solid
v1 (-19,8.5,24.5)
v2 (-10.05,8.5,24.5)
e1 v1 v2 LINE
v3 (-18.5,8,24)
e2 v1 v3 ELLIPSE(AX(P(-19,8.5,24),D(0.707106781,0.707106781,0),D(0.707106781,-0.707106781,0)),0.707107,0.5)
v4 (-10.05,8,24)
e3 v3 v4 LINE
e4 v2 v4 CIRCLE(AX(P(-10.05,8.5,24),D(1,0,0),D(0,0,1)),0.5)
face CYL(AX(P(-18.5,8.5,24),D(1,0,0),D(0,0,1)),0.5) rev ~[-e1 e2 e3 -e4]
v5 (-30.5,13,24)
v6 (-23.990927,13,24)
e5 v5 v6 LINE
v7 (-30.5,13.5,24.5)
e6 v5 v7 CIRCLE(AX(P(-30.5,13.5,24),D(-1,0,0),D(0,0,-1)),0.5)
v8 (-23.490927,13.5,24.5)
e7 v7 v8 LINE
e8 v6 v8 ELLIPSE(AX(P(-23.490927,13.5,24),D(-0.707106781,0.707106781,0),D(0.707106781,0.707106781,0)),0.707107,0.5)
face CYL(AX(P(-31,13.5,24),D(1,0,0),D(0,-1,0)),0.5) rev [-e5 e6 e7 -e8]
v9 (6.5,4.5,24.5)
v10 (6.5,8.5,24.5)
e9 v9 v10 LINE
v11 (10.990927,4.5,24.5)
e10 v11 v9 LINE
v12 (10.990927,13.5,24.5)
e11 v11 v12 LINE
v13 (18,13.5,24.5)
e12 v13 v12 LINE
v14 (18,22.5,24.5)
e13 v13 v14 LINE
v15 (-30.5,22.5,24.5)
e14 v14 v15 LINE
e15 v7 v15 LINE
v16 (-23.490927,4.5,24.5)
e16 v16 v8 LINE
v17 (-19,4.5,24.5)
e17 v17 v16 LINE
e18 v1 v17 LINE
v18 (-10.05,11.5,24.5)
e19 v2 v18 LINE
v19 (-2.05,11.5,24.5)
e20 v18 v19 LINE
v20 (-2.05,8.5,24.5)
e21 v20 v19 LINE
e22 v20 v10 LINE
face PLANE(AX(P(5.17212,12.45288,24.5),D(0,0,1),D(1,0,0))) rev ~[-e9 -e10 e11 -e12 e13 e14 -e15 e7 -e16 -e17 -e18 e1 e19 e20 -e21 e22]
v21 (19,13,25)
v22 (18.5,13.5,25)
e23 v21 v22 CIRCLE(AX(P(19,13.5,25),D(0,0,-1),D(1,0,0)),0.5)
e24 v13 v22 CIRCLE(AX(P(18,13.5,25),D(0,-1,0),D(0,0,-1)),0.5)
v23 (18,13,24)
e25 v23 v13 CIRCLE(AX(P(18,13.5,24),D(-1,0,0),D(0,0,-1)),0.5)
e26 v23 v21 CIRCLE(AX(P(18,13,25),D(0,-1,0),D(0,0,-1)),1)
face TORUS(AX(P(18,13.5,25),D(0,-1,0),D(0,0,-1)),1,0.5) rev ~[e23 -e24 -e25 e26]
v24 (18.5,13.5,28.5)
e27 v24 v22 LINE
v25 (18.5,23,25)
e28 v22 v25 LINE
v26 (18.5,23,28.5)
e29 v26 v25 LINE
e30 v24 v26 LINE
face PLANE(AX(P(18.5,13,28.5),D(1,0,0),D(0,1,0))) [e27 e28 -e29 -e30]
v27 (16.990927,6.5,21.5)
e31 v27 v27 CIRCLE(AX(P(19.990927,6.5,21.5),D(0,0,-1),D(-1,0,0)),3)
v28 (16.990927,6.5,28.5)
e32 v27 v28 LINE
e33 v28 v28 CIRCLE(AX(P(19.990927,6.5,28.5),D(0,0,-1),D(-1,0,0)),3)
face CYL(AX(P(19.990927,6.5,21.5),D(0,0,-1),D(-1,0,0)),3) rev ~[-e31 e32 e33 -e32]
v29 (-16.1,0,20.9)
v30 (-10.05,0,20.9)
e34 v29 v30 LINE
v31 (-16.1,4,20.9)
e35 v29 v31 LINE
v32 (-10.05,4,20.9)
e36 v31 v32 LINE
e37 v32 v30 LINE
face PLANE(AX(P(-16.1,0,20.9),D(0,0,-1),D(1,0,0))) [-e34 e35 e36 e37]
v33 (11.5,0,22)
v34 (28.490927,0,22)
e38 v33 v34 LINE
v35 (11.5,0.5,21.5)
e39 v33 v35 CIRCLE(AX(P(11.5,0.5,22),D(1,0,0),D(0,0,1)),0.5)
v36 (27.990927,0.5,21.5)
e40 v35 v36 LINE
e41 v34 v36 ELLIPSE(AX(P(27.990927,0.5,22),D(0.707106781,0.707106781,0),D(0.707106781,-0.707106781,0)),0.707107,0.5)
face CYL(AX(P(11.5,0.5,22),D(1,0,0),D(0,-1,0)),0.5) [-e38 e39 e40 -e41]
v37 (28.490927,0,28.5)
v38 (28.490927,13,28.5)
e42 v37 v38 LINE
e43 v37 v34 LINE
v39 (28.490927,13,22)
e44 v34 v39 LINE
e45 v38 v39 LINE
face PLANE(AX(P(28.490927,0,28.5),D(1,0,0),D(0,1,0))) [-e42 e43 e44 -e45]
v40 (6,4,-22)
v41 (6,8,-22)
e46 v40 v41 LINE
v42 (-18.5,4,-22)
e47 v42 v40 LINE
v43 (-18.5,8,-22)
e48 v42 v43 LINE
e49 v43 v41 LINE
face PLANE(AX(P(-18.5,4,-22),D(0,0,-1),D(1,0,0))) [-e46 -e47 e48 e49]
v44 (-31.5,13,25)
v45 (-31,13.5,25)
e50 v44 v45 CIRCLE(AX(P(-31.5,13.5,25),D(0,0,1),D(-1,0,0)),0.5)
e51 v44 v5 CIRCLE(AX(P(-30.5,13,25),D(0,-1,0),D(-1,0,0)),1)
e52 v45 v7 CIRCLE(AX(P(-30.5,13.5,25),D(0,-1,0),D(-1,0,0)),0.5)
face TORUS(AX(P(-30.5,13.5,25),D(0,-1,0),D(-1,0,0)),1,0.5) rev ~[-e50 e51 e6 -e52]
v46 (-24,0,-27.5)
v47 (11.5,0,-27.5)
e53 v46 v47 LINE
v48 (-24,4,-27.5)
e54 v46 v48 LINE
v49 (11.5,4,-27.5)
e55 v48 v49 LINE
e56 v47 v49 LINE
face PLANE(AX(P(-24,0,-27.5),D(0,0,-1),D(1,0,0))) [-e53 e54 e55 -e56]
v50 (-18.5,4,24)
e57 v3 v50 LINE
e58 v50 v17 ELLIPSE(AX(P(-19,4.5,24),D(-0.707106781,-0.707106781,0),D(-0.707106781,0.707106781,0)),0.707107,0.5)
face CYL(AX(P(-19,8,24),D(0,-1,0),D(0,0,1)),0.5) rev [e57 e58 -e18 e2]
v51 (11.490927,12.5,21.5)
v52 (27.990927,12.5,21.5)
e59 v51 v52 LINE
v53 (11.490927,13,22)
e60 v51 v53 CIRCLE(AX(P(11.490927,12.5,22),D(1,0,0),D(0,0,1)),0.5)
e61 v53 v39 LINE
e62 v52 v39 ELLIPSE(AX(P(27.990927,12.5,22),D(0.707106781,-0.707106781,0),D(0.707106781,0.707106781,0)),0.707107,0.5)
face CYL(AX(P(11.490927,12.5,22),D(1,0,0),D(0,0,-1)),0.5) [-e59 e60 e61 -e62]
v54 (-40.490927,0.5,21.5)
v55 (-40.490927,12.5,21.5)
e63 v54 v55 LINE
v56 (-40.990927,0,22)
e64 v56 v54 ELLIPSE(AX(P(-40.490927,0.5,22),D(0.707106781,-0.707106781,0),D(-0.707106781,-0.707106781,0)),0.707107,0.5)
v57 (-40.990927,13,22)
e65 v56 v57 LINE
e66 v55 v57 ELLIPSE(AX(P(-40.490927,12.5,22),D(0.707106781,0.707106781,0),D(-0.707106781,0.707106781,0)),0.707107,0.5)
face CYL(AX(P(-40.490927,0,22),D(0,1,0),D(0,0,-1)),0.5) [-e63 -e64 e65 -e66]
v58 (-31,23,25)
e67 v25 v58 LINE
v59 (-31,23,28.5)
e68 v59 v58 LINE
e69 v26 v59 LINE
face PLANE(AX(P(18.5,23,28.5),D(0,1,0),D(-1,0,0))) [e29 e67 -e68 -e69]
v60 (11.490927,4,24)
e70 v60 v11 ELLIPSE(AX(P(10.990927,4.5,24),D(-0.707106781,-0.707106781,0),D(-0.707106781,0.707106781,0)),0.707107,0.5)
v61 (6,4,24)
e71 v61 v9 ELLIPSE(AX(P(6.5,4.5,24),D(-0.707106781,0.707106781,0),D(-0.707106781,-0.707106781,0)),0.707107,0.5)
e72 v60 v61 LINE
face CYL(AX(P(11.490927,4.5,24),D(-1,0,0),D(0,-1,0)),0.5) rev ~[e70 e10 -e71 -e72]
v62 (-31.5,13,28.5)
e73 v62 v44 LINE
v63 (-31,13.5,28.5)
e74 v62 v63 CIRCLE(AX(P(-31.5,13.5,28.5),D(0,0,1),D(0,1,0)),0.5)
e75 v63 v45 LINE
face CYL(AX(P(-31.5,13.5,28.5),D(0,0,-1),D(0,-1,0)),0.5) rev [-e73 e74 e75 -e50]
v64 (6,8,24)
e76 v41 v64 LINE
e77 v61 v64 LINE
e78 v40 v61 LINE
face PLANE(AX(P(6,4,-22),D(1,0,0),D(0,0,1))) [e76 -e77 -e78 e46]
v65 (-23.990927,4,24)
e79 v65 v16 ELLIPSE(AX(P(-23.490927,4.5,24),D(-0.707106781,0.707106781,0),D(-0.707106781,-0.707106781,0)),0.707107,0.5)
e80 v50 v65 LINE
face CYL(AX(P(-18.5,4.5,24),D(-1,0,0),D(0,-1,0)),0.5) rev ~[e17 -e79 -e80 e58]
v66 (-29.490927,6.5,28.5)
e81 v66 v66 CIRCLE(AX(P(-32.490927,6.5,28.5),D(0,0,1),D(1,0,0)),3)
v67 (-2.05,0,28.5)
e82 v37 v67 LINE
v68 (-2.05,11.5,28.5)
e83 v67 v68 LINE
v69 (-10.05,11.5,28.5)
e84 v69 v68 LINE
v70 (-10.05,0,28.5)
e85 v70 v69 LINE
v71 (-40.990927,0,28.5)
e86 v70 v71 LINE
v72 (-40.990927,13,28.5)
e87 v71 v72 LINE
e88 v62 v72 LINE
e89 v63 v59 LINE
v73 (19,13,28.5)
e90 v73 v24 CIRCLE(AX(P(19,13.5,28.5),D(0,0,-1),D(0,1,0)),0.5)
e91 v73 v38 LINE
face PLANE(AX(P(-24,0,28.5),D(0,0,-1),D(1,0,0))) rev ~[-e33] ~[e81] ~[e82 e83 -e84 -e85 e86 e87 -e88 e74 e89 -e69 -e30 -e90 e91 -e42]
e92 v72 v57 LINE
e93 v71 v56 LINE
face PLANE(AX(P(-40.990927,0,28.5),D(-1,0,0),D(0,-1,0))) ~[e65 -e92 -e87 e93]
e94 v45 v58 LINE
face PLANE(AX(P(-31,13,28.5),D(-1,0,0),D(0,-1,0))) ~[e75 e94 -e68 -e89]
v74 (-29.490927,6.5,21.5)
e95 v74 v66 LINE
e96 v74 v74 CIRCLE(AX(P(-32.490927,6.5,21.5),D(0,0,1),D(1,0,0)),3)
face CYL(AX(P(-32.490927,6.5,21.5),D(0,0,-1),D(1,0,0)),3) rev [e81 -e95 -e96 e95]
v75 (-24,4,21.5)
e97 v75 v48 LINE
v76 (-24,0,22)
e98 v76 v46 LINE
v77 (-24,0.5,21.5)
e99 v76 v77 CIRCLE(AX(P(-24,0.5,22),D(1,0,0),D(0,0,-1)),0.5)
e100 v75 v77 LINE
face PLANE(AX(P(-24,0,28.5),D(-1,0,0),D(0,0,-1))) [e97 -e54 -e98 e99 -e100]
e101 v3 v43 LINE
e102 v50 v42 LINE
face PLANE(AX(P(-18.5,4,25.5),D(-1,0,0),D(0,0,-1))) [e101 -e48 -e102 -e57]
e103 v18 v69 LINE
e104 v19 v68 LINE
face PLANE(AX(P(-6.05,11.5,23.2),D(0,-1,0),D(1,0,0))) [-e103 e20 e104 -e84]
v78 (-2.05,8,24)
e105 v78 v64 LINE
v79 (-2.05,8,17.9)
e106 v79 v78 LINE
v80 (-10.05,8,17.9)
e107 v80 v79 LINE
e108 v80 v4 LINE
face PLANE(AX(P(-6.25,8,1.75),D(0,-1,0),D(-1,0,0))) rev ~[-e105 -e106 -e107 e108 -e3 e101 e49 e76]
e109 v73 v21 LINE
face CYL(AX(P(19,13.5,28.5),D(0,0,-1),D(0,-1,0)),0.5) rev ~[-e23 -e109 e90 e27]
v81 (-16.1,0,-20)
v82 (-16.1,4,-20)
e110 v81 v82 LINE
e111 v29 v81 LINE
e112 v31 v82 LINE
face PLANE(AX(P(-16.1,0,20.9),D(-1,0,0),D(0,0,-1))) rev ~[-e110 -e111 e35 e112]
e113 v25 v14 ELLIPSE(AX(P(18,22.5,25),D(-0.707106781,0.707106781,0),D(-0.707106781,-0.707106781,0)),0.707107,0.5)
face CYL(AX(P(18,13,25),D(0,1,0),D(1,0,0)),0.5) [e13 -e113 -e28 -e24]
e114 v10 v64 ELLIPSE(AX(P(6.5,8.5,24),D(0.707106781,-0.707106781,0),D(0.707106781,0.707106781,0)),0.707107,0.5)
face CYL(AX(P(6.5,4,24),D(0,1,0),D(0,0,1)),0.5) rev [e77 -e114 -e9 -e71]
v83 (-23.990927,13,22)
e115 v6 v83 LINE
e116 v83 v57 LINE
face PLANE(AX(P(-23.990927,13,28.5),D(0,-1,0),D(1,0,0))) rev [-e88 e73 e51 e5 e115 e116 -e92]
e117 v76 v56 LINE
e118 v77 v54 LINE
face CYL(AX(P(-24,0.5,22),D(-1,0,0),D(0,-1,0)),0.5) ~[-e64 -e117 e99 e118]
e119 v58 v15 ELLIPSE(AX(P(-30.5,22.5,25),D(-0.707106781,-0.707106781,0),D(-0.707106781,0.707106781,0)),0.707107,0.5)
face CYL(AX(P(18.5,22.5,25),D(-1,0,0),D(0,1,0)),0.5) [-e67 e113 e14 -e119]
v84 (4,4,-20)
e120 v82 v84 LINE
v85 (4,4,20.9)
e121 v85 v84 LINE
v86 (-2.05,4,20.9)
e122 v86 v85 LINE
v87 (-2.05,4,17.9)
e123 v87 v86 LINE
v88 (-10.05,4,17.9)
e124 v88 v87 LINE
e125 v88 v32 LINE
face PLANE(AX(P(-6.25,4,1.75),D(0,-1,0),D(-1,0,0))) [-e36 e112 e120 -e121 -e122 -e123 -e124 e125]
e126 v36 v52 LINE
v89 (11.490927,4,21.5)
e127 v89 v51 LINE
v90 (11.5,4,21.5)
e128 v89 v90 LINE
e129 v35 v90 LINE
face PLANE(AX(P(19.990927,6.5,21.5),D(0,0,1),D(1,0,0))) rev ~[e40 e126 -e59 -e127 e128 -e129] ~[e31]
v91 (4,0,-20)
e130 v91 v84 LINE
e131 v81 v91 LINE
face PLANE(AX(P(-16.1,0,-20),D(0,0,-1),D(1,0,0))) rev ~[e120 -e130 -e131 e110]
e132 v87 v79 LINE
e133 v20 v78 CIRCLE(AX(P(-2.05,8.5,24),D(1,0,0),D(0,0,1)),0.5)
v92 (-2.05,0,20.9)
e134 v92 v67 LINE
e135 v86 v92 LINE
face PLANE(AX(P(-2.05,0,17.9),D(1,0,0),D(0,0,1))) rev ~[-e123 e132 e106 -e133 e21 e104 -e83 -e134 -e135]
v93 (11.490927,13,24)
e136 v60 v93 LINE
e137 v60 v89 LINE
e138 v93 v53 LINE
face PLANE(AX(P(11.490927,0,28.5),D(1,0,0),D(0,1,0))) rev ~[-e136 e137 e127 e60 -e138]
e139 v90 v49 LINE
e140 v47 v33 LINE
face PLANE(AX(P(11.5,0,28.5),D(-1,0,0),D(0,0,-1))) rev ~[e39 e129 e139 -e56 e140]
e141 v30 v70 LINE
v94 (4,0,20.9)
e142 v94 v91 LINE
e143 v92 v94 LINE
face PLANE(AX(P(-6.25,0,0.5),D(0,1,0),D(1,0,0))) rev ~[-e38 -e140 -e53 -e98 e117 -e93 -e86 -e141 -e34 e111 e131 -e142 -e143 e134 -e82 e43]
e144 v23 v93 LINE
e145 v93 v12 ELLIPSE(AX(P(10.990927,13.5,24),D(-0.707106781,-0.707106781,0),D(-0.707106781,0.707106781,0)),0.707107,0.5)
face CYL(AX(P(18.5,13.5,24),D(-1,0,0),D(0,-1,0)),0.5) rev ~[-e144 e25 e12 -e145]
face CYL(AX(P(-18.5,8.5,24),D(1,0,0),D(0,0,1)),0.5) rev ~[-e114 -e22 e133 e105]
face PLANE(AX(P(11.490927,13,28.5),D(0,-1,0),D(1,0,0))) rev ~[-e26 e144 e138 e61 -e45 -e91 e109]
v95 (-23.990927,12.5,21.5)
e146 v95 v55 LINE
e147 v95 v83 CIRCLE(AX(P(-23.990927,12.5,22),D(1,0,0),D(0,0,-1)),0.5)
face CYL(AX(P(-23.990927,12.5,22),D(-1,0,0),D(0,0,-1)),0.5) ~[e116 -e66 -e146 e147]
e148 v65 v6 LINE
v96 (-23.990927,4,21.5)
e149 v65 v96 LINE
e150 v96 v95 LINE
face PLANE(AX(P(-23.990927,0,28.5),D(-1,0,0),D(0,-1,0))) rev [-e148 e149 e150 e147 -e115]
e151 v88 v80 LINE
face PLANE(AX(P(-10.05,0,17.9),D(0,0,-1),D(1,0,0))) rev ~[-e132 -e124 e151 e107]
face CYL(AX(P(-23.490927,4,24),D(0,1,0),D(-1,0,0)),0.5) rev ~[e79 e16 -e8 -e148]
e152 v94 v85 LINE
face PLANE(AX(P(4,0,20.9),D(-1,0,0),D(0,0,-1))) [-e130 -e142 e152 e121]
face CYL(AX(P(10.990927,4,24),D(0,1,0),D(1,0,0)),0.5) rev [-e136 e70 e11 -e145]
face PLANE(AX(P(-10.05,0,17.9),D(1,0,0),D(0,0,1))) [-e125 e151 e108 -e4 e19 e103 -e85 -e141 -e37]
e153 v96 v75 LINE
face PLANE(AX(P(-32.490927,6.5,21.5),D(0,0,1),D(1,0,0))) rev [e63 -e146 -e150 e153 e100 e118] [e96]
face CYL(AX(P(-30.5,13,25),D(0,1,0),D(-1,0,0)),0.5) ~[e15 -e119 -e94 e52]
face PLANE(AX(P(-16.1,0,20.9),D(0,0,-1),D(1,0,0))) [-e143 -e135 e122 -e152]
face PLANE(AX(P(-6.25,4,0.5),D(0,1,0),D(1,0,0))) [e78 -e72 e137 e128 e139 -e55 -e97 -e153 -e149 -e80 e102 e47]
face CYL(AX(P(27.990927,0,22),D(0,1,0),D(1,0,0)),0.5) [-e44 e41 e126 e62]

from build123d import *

# Parameters (mm, degrees)
ESQUISSE1_W             = 35.5
ESQUISSE1_H             = 56
ESQUISSE1_W_2           = 20.1
ESQUISSE1_H_2           = 40.9
BOSS_EXTRU_1_DEPTH      = 4
BOSS_EXTRU_2_DEPTH      = 4
BOSS_EXTRU_5_DEPTH      = 4
ESQUISSE10_W            = 17
ESQUISSE10_H            = 13
BOSS_EXTRU_6_DEPTH      = 7
ESQUISSE11_R            = 3
ENL_V_MAT_EXTRU_1_DEPTH = 7
CONG_1_R                = 0.5
ESQUISSE12_W            = 8
ESQUISSE12_H            = 10.6
ENL_V_MAT_EXTRU_2_DEPTH = 11.5


with BuildPart() as part:
    # Esquisse1 → Boss.-Extru.1 (new body)
    with BuildSketch(Plane(origin=(0, 0, 0), x_dir=(1, 0, 0), z_dir=(0, 1, 0))):
        with Locations((-6.25, -0.5)):
            Rectangle(ESQUISSE1_W, ESQUISSE1_H)
        with Locations((-6.05, -0.45)):
            Rectangle(ESQUISSE1_W_2, ESQUISSE1_H_2, mode=Mode.SUBTRACT)
    extrude(amount=BOSS_EXTRU_1_DEPTH)

    # Esquisse5 → Boss.-Extru.2 (add)
    with BuildSketch(Plane.XY.offset(28.5)):
        Polygon((-6.25, 8), (-6.25, 4), (-6.25, 0), (11.5, 0), (11.5, 13), (18.5, 13), (18.5, 18), (18.5, 23), (-6.25, 23), (-6.25, 18), align=None)
    boss_extru_2 = extrude(amount=-BOSS_EXTRU_2_DEPTH)

    # Symétrie1: Boss.-Extru.2 across plane
    add(boss_extru_2.mirror(Plane(origin=(-6.25, 4, 24.5), x_dir=(0, 0, 1), z_dir=(-1, 0, 0))))

    # Esquisse9 → Boss.-Extru.5 (add)
    with BuildSketch(Plane(origin=(0, 4, 0), x_dir=(-1, 0, 0), z_dir=(0, -1, 0))):
        Polygon((18.5, -25.5), (18.5, -23), (18.5, 20), (18.5, 22), (-6, 22), (-6, -25.5), align=None)
    extrude(amount=-BOSS_EXTRU_5_DEPTH)

    # Esquisse10 → Boss.-Extru.6 (add)
    with BuildSketch(Plane.XY.offset(28.5)):
        with Locations((19.990927164, 6.5)):
            Rectangle(ESQUISSE10_W, ESQUISSE10_H)
    boss_extru_6 = extrude(amount=-BOSS_EXTRU_6_DEPTH)

    # Symétrie2: Boss.-Extru.6 across plane
    add(boss_extru_6.mirror(Plane(origin=(-6.25, 0, 0), x_dir=(0, 0, 1), z_dir=(1, 0, 0))))

    # Esquisse11 → Enlèv. mat.-Extru.1 (cut)
    with BuildSketch(Plane(origin=(0, 0, 21.5), x_dir=(-1, 0, 0), z_dir=(0, 0, -1))):
        with Locations((-19.990927164, 6.5)):
            Circle(ESQUISSE11_R)
    enl_v_mat_extru_1 = extrude(amount=-ENL_V_MAT_EXTRU_1_DEPTH, mode=Mode.SUBTRACT)

    # Symétrie3: Enlèv. mat.-Extru.1 across plane
    add(enl_v_mat_extru_1.mirror(Plane(origin=(-6.25, 0, 0), x_dir=(0, 0, 1), z_dir=(1, 0, 0))), mode=Mode.SUBTRACT)

    # Congé1
    cong_1_edges = [part.edges().sort_by_distance(p)[0] for p in [
        (19.995463582, 0, 21.5),
        (11.490927164, 8.5, 24.5),
        (19.990927164, 13, 21.5),
        (28.490927164, 6.5, 21.5),
        (-21.245463582, 4, 24.5),
        (-23.990927164, 8.5, 24.5),
        (-32.495463582, 0, 21.5),
        (-40.990927164, 6.5, 21.5),
        (-32.490927164, 13, 21.5),
        (14.995463582, 13, 24.5),
        (18.5, 13, 26.5),
        (-6.25, 23, 24.5),
        (18.5, 18, 24.5),
        (-31, 13, 26.5),
        (-27.495463582, 13, 24.5),
        (-31, 18, 24.5),
        (8.745463582, 4, 24.5),
        (-6.25, 8, 24.5),
        (6, 6, 24.5),
        (-18.5, 6, 24.5),
    ]]
    fillet(cong_1_edges, radius=CONG_1_R)

    # Esquisse12 → Enlèv. mat.-Extru.2 (cut)
    with BuildSketch(Plane.XZ):
        with Locations((-6.05, 23.2)):
            Rectangle(ESQUISSE12_W, ESQUISSE12_H)
    extrude(amount=-ENL_V_MAT_EXTRU_2_DEPTH, mode=Mode.SUBTRACT)


solid = part.part
